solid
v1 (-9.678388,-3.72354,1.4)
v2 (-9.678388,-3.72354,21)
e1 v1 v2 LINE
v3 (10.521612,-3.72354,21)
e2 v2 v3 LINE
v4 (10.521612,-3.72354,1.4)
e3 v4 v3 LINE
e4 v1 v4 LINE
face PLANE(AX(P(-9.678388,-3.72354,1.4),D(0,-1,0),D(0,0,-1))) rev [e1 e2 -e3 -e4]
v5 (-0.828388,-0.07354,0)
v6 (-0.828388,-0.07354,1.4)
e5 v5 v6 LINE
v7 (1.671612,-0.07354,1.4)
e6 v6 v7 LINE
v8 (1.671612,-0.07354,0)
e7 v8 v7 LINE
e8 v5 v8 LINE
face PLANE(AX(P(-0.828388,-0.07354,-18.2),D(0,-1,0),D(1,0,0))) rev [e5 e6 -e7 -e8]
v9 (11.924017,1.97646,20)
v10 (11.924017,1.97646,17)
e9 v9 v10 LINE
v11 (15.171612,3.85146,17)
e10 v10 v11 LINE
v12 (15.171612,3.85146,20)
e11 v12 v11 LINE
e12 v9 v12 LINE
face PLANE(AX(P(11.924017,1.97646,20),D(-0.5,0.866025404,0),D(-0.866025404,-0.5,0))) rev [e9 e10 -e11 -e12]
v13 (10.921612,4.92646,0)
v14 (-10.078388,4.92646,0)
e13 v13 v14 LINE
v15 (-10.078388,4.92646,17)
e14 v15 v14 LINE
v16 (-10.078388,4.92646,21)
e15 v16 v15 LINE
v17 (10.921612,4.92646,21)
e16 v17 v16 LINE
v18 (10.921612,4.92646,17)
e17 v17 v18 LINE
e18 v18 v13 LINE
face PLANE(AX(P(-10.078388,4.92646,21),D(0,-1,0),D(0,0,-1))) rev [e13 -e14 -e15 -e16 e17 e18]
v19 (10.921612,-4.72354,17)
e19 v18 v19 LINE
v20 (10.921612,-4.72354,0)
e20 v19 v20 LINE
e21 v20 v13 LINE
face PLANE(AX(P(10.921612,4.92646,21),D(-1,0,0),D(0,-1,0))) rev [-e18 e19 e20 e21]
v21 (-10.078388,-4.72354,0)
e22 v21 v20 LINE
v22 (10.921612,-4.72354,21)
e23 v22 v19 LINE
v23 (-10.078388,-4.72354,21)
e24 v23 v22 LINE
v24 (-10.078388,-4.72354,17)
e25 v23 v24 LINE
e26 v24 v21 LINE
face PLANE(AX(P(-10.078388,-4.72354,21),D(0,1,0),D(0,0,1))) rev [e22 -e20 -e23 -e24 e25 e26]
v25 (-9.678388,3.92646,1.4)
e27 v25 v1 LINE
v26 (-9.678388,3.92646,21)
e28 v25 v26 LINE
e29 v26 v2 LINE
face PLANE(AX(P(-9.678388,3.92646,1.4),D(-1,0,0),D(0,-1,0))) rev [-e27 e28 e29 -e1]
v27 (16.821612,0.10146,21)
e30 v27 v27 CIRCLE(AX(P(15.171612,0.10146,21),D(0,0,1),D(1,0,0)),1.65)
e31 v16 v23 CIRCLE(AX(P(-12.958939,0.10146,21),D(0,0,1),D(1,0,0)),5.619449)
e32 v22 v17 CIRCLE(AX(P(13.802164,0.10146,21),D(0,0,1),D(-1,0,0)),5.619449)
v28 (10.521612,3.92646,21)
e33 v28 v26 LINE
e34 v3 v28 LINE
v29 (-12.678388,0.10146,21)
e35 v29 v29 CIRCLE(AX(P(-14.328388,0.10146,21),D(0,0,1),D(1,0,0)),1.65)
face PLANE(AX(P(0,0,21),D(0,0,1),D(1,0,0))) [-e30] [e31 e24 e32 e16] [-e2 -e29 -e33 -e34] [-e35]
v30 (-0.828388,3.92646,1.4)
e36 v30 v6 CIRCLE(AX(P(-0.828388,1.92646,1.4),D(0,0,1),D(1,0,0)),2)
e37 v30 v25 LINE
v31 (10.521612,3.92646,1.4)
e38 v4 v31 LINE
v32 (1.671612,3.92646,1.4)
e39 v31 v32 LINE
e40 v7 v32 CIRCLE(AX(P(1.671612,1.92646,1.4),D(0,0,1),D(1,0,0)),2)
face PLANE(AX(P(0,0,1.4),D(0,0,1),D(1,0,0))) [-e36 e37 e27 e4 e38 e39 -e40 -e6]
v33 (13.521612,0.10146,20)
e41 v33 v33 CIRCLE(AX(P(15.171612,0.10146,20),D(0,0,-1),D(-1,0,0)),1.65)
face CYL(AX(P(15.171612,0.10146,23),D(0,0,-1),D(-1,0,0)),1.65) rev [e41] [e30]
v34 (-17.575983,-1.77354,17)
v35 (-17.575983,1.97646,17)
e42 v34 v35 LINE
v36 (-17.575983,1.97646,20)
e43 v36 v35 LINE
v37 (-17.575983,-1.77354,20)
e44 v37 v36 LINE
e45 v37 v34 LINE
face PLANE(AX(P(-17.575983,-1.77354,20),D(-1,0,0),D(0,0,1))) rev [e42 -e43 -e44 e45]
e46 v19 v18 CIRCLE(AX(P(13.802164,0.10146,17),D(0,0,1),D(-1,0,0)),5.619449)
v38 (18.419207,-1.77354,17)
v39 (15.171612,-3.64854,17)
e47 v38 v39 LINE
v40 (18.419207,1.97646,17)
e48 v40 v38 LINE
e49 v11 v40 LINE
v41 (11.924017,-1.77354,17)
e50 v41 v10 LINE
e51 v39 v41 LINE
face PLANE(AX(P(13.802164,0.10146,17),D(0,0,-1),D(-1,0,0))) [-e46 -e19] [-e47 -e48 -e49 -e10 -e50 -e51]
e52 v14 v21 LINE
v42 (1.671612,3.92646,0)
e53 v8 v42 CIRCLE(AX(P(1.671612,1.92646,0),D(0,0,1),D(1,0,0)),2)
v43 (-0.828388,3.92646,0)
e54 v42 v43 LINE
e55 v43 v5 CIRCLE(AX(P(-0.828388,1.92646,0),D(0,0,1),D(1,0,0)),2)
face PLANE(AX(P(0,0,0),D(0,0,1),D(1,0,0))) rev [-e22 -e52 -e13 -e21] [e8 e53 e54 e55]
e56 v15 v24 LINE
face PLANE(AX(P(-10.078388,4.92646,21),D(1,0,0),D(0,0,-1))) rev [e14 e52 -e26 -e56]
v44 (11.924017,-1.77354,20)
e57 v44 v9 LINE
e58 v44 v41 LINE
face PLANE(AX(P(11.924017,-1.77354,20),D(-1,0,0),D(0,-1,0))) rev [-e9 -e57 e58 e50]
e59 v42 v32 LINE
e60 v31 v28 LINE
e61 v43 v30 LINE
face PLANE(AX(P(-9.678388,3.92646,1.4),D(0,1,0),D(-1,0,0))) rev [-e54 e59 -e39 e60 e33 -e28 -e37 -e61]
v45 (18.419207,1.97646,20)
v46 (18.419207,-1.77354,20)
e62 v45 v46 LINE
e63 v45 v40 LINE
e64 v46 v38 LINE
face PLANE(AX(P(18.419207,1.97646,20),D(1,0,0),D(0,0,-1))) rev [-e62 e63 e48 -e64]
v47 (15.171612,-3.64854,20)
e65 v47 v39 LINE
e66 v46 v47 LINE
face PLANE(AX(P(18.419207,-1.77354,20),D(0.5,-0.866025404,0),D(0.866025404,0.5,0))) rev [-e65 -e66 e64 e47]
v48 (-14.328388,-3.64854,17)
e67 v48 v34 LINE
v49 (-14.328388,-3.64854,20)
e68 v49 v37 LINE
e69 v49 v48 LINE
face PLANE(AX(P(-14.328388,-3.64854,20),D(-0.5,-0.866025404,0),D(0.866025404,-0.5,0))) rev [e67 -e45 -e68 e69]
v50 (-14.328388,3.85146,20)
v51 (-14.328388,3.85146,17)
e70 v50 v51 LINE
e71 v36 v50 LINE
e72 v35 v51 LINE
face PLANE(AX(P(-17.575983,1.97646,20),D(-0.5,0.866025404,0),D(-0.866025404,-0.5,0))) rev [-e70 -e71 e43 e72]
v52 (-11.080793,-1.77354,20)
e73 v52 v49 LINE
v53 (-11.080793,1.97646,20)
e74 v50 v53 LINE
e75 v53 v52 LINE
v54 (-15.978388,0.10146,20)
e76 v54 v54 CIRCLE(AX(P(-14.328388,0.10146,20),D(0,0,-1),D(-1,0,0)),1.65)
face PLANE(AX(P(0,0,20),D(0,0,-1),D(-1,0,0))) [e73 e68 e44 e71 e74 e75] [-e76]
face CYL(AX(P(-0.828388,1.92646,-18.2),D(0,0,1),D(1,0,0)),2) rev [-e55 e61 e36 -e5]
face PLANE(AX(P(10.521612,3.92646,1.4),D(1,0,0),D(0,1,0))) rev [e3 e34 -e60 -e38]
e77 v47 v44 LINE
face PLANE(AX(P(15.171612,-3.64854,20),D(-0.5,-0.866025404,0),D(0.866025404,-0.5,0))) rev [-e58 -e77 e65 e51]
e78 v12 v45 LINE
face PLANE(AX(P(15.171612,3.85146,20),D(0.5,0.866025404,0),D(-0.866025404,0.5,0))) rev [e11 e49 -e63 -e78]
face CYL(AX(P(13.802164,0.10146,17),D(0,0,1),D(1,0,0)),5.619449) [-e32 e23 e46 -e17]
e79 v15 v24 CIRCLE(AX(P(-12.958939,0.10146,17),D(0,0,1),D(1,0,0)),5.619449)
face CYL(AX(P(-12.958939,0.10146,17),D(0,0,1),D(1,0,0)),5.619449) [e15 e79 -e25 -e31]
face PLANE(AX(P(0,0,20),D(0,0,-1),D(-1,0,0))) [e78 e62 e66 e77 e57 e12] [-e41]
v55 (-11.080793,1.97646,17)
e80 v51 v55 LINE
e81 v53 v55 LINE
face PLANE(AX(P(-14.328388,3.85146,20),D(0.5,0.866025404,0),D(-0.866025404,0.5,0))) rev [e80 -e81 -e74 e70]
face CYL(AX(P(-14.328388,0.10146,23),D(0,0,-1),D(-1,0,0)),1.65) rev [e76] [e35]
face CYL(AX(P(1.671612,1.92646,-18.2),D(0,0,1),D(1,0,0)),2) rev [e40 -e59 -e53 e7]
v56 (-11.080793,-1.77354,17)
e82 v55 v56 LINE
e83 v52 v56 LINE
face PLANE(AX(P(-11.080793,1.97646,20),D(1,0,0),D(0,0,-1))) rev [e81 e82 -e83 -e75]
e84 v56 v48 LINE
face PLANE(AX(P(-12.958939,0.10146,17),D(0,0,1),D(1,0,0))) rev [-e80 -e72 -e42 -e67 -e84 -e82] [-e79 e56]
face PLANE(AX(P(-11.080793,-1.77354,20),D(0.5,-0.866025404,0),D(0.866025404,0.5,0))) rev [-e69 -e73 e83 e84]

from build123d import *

# Parameters (mm, degrees)
SKETCH1_W           = 21
SKETCH1_H           = 9.65
BOSS_EXTRUDE1_DEPTH = 21
SKETCH3_W           = 20.2
SKETCH3_H           = 7.65
CUT_EXTRUDE1_DEPTH  = 19.6
CUT_EXTRUDE2_DEPTH  = 19.6
BOSS_EXTRUDE2_DEPTH = 4
CUT_EXTRUDE3_DEPTH  = 3
SKETCH22_R          = 1.65
CUT_EXTRUDE4_DEPTH  = 3
BOSS_EXTRUDE3_DEPTH = 4
CUT_EXTRUDE5_DEPTH  = 3
SKETCH25_R          = 1.65
CUT_EXTRUDE6_DEPTH  = 3


with BuildPart() as part:
    # Sketch1 → Boss-Extrude1 (new body)
    with BuildSketch(Plane.XY):
        with Locations((0.42161215, 0.10146028)):
            Rectangle(SKETCH1_W, SKETCH1_H)
    extrude(amount=BOSS_EXTRUDE1_DEPTH)

    # Sketch3 → Cut-Extrude1 (cut)
    with BuildSketch(Plane.XY.offset(21)):
        with Locations((0.42161215, 0.10146028)):
            Rectangle(SKETCH3_W, SKETCH3_H)
    extrude(amount=-CUT_EXTRUDE1_DEPTH, mode=Mode.SUBTRACT)

    # Sketch5 → Cut-Extrude2 (cut)
    with BuildSketch(Plane.XY.offset(1.4)):
        with BuildLine():
            Line((-0.82838785, 3.92646028), (1.67161215, 3.92646028))
            ThreePointArc((1.67161215, 3.92646028), (3.67161215, 1.92646028), (1.67161215, -0.07353972))
            Line((1.67161215, -0.07353972), (-0.82838785, -0.07353972))
            ThreePointArc((-0.82838785, -0.07353972), (-2.82838785, 1.92646028), (-0.82838785, 3.92646028))
        make_face()
    extrude(amount=-CUT_EXTRUDE2_DEPTH, mode=Mode.SUBTRACT)

    # Sketch20 → Boss-Extrude2 (add)
    with BuildSketch(Plane.XY.offset(21)):
        with BuildLine():
            Line((-10.07838785, -4.72353972), (-10.07838785, 4.92646028))
            ThreePointArc((-10.07838785, 4.92646028), (-18.57838785, 0.10146028), (-10.07838785, -4.72353972))
        make_face()
    extrude(amount=-BOSS_EXTRUDE2_DEPTH)

    # Sketch21 → Cut-Extrude3 (cut)
    with BuildSketch(Plane(origin=(0, 0, 17), x_dir=(-1, 0, 0), z_dir=(0, 0, -1))):
        Polygon((14.32838785, 3.85146028), (11.080792586, 1.97646028), (11.080792586, -1.77353972), (14.32838785, -3.64853972), (17.575983115, -1.77353972), (17.575983115, 1.97646028), align=None)
    extrude(amount=-CUT_EXTRUDE3_DEPTH, mode=Mode.SUBTRACT)

    # Sketch22 → Cut-Extrude4 (cut)
    with BuildSketch(Plane(origin=(0, 0, 20), x_dir=(-1, 0, 0), z_dir=(0, 0, -1))):
        with Locations((14.32838785, 0.10146028)):
            Circle(SKETCH22_R)
    extrude(amount=-CUT_EXTRUDE4_DEPTH, mode=Mode.SUBTRACT)

    # Sketch23 → Boss-Extrude3 (add)
    with BuildSketch(Plane.XY.offset(21)):
        with BuildLine():
            Line((10.92161215, 4.92646028), (10.92161215, -4.72353972))
            ThreePointArc((10.92161215, -4.72353972), (19.42161215, 0.10146028), (10.92161215, 4.92646028))
        make_face()
    extrude(amount=-BOSS_EXTRUDE3_DEPTH)

    # Sketch24 → Cut-Extrude5 (cut)
    with BuildSketch(Plane(origin=(0, 0, 17), x_dir=(-1, 0, 0), z_dir=(0, 0, -1))):
        Polygon((-15.17161215, 3.85146028), (-18.419207414, 1.97646028), (-18.419207414, -1.77353972), (-15.17161215, -3.64853972), (-11.924016885, -1.77353972), (-11.924016885, 1.97646028), align=None)
    extrude(amount=-CUT_EXTRUDE5_DEPTH, mode=Mode.SUBTRACT)

    # Sketch25 → Cut-Extrude6 (cut)
    with BuildSketch(Plane(origin=(0, 0, 20), x_dir=(-1, 0, 0), z_dir=(0, 0, -1))):
        with Locations((-15.17161215, 0.10146028)):
            Circle(SKETCH25_R)
    extrude(amount=-CUT_EXTRUDE6_DEPTH, mode=Mode.SUBTRACT)


solid = part.part
